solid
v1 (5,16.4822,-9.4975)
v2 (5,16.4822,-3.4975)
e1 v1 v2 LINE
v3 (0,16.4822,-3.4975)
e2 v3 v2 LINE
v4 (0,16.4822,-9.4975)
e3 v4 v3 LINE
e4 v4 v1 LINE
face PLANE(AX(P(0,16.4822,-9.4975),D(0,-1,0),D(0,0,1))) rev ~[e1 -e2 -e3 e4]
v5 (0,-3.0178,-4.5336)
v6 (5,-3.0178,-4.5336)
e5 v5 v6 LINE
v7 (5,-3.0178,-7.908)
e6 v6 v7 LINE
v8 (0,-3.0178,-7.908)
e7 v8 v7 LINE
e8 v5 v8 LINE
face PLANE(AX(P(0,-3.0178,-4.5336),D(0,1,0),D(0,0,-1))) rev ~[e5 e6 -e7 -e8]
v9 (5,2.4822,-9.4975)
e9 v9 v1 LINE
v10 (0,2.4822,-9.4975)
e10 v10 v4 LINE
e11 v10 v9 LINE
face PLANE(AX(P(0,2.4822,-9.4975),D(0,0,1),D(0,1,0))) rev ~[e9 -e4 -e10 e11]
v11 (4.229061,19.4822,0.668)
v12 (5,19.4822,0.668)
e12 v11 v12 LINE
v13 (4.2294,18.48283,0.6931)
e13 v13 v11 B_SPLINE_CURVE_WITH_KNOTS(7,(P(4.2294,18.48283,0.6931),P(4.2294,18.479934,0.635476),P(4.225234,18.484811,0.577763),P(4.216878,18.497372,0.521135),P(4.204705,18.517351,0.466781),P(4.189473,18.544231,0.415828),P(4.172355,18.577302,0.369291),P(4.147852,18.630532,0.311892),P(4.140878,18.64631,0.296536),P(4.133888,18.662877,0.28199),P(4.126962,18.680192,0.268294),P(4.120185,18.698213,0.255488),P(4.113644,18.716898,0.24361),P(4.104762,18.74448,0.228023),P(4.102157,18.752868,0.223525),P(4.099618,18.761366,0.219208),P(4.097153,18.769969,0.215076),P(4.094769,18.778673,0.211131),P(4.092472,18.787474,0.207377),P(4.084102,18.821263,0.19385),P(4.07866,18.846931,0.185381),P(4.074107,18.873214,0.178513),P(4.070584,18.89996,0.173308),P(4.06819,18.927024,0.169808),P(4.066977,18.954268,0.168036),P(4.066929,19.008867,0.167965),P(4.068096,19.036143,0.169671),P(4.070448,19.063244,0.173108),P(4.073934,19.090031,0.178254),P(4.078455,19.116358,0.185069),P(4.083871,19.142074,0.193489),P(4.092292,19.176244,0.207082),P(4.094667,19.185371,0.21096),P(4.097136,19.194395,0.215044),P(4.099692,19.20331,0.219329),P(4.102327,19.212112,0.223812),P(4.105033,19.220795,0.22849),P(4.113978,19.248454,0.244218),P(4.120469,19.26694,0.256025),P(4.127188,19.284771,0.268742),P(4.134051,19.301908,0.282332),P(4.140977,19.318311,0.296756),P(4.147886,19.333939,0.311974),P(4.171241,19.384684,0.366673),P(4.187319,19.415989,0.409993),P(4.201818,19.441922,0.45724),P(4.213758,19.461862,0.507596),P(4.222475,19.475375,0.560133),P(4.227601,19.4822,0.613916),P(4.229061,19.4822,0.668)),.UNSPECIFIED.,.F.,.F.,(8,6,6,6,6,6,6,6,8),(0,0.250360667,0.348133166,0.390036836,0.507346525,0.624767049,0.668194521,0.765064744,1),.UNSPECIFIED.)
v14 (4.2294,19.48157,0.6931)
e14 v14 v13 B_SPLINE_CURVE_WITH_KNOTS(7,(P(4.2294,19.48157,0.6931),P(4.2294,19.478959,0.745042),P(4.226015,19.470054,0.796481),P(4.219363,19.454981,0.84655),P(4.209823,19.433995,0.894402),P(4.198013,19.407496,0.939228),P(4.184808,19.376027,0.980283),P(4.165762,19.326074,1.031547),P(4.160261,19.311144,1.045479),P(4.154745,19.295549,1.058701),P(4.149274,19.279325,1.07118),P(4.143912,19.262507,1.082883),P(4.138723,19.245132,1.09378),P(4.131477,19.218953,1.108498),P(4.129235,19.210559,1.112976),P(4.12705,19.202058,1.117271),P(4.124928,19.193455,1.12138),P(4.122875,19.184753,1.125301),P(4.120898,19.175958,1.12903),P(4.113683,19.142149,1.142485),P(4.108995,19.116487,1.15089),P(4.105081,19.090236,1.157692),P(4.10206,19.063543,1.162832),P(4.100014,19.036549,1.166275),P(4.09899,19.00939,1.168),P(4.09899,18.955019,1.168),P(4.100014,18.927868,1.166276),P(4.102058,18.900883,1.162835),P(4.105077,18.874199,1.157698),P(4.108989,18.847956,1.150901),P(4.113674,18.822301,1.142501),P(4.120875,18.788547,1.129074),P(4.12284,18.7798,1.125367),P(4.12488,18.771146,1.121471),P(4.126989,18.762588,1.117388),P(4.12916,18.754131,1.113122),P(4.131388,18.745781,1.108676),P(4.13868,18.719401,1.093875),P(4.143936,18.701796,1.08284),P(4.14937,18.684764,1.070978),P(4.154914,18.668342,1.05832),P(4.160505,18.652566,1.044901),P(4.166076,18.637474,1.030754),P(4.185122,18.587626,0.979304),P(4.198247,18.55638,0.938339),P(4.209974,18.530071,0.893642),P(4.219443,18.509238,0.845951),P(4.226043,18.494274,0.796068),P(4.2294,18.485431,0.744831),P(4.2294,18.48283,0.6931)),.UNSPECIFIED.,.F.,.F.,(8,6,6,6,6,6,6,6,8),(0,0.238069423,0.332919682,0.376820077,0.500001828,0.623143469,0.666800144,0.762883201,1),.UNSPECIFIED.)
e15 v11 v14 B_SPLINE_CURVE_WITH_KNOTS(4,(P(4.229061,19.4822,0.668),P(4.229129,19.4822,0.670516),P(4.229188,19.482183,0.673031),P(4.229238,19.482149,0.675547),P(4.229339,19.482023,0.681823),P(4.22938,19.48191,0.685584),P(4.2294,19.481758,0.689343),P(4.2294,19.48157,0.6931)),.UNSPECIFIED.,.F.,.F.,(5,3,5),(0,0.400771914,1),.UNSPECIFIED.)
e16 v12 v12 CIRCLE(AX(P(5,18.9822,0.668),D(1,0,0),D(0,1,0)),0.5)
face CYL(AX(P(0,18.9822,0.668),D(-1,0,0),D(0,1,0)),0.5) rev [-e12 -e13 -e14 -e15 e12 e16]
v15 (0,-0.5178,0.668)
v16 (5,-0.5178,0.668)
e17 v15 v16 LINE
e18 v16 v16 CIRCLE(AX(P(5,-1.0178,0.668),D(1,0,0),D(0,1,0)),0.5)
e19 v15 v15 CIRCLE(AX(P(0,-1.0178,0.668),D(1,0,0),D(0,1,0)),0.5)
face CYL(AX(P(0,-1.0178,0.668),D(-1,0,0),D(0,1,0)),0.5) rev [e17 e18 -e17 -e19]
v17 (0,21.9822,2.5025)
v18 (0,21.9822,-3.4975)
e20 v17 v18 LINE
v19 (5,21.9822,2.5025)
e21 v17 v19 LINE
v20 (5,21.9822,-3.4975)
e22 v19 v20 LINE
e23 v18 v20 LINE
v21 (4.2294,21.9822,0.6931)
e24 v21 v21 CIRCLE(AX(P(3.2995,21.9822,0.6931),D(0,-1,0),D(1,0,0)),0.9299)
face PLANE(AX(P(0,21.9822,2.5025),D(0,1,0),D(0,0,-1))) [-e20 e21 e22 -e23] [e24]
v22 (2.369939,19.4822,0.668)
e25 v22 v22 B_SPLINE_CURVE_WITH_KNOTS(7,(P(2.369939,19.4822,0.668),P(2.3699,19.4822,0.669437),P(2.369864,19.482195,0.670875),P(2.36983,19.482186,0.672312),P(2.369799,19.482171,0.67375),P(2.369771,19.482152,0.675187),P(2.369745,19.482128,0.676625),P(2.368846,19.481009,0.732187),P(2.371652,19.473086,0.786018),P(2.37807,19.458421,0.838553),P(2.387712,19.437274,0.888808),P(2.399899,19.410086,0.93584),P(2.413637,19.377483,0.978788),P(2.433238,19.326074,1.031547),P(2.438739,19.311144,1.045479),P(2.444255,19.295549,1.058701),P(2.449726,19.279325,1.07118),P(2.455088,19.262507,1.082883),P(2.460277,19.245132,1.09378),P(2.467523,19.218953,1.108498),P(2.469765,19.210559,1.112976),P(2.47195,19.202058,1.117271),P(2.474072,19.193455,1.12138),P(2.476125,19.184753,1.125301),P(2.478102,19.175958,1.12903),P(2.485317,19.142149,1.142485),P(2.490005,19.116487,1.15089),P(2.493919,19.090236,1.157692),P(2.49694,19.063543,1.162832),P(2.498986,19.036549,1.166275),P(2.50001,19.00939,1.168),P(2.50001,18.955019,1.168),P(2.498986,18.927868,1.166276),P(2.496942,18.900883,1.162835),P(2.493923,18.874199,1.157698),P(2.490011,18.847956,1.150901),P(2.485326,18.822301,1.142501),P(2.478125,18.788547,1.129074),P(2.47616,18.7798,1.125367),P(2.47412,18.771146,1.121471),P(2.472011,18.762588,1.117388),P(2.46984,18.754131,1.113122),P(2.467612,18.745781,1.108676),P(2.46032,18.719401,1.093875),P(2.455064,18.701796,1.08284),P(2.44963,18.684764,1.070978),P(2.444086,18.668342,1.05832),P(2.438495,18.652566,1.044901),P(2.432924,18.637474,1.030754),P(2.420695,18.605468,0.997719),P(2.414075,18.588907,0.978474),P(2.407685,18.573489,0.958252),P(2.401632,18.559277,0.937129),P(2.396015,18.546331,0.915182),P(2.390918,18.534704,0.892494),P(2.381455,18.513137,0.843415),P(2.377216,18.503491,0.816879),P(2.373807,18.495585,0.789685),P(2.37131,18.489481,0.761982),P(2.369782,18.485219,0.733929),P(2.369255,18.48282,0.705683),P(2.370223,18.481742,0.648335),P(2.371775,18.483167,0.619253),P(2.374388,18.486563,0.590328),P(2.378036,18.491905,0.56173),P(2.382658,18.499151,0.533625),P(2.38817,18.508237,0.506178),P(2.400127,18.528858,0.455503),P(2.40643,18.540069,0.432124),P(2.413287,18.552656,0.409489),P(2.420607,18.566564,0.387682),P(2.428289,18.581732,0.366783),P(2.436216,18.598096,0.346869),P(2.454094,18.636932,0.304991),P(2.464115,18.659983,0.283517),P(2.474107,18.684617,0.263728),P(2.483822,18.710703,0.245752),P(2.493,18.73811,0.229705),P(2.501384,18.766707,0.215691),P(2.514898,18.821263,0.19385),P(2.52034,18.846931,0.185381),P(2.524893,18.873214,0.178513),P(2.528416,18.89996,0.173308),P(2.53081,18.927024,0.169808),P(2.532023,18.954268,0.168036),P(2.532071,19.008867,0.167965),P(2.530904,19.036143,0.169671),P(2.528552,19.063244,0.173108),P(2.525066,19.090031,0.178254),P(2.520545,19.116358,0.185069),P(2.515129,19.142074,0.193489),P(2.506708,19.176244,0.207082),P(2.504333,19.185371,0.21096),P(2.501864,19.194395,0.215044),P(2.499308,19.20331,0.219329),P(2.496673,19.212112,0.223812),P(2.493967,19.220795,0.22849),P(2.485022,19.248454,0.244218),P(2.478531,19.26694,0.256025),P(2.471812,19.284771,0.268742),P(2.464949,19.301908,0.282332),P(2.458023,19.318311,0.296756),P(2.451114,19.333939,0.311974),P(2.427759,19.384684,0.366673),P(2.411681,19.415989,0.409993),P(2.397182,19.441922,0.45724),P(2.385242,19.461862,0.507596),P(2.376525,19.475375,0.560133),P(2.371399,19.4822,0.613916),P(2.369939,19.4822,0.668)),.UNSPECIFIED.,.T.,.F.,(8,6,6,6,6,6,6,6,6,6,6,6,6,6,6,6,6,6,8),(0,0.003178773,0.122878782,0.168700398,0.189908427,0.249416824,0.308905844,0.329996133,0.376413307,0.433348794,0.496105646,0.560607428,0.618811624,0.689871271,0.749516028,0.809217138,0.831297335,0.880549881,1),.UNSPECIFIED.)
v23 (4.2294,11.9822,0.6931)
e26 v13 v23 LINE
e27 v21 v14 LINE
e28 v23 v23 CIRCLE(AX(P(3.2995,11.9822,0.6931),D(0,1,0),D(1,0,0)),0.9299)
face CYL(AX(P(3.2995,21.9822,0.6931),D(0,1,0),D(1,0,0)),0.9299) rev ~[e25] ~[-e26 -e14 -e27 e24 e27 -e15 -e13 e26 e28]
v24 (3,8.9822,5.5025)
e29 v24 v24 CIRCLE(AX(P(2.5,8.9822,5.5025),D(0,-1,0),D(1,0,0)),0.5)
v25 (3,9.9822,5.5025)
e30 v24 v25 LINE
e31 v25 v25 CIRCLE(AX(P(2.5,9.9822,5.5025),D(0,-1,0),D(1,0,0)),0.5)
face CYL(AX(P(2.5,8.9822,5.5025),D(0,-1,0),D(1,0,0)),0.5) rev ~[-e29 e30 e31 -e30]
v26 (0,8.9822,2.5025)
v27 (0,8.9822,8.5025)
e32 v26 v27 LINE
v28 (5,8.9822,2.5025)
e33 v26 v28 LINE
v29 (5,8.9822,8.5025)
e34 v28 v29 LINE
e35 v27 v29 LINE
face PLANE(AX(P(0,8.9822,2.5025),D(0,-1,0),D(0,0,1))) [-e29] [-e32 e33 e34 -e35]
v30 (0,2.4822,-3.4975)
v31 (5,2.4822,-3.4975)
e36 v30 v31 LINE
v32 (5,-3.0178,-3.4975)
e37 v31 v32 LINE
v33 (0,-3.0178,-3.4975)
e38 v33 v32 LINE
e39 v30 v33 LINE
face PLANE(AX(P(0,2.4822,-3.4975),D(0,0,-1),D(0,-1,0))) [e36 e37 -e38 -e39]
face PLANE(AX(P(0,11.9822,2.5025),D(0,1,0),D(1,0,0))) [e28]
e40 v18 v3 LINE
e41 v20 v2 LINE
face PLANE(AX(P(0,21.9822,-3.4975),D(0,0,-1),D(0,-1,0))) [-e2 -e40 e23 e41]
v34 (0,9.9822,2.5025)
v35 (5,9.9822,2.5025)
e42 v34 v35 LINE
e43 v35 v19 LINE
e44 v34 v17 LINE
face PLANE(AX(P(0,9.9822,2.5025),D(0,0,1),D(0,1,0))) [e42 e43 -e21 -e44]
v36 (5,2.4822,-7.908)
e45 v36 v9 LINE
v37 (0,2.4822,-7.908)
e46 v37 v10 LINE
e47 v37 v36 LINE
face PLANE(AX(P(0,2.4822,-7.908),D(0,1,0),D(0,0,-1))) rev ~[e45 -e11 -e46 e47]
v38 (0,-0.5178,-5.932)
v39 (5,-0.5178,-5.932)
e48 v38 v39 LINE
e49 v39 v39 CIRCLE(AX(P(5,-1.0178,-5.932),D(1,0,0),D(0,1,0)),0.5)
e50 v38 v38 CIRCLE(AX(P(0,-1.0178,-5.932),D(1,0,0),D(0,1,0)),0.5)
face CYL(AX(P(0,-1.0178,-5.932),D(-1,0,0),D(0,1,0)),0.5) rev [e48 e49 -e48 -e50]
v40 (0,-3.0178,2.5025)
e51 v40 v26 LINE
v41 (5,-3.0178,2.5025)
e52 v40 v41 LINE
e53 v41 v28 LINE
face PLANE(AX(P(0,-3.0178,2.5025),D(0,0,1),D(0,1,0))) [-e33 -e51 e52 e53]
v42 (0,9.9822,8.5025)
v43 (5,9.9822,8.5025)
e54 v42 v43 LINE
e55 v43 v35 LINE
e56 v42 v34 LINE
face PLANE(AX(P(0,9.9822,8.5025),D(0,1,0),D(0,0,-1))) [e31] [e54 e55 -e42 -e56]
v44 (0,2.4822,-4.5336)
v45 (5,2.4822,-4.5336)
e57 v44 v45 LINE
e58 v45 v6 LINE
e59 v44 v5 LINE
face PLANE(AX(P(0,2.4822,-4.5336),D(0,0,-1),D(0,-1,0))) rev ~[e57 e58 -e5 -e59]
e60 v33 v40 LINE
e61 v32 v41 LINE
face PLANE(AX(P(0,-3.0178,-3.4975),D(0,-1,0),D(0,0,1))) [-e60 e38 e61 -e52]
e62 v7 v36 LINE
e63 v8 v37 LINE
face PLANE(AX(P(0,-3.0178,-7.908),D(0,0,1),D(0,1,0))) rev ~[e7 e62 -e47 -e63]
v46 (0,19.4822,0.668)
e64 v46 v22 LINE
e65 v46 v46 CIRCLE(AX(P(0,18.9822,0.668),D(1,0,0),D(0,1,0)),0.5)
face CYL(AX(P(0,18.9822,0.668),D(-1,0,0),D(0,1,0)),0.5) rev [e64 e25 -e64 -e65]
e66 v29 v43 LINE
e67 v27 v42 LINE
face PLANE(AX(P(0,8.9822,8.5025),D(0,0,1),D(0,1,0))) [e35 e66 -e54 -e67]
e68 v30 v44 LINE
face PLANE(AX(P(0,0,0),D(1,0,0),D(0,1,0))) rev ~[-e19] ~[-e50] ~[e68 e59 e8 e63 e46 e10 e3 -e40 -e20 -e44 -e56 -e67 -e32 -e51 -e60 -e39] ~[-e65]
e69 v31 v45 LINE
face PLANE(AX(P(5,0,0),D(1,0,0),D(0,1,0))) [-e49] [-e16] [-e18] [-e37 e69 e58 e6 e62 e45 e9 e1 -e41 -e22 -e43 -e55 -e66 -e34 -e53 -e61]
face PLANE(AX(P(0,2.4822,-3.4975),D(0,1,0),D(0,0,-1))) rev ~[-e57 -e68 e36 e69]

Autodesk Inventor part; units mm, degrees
ref_plane "YZ Plane" through (0, 0, 0) normal (1, 0, 0) x (0, 1, 0)
ref_plane "XZ Plane" through (0, 0, 0) normal (0, 1, 0) x (-1, 0, 0)
ref_plane "XY Plane" through (0, 0, 0) normal (0, 0, 1) x (1, 0, 0)
sketch "Sketch1" plane through (0, 0, 0) normal (1, 0, 0) x (0, 1, 0)
  line L0 (-3.0178, 2.5025) -> (21.9822, 2.5025)
  line L1 (21.9822, 2.5025) -> (21.9822, -3.4975)
  line L2 (21.9822, -3.4975) -> (-3.0178, -3.4975)
  line L3 (-3.0178, -3.4975) -> (-3.0178, 2.5025)
  circle A0 centre (-1.0178, 0.668) radius 0.5
  circle A1 centre (18.9822, 0.668) radius 0.5
  line L4 (16.4822, -3.4975) -> (2.4822, -3.4975)
  line L5 (2.4822, -3.4975) -> (2.4822, -9.4975)
  line L6 (2.4822, -9.4975) -> (16.4822, -9.4975)
  line L7 (9.9822, 2.5025) -> (8.9822, 2.5025)
  line L8 (8.9822, 2.5025) -> (8.9822, 8.5025)
  line L9 (8.9822, 8.5025) -> (9.9822, 8.5025)
  line L10 (9.9822, 8.5025) -> (9.9822, 2.5025)
  line L11 (16.4822, -9.4975) -> (16.4822, -3.4975)
  circle A2 centre (-1.0178, -5.932) radius 0.5
  line L12 (2.4822, -4.5336) -> (-3.0178, -4.5336)
  line L13 (-3.0178, -4.5336) -> (-3.0178, -7.908)
  line L14 (-3.0178, -7.908) -> (2.4822, -7.908)
  line L15 (2.4822, -7.908) -> (2.4822, -4.5336)
  point P0 (0, 0)
  dimension "d0" = 25
  dimension "d1" = 6
  dimension "d2" = 1
  dimension "d3" = 1
  dimension "d4" = 20
  dimension "d5" = 14
  dimension "d6" = 6
  dimension "d8" = 1
  dimension "d9" = 6
  dimension "d10" = 10
  dimension "d13" = 2
  dimension "d18" = 3
  dimension "d19" = 5.5
  dimension "d20" = 1
  dimension "d21" = 6.6
extrude "Extrusion1" add sketch "Sketch1" along normal blind 5
sketch "Sketch2" plane through (0, 8.9822, 2.5025) normal (0, -1, 0) x (1, 0, 0)
  line L0 (0, 6) -> (0, 0) projected
  line L1 (0, 0) -> (5, 0) projected
  line L2 (5, 6) -> (5, 0) projected
  line L3 (0, 6) -> (5, 6) projected
  circle A0 centre (2.5, 3) radius 0.5
  point P0 (0, -2.5025)
  dimension "d14" = 1
extrude "Extrusion2" cut sketch "Sketch2" against normal blind 5 contours A0
sketch "Skizze3" plane through (0, 21.9822, 2.5025) normal (0, 1, 0) x (1, 0, 0)
  line L0 (0, 0) -> (0, 6) projected
  line L1 (0, 0) -> (5, 0) projected
  line L2 (5, 6) -> (5, 0) projected
  line L3 (0, 6) -> (5, 6) projected
  line L4 (0, 2.3346) -> (5, 2.3346) projected
  line L5 (0, 1.3346) -> (5, 1.3346) projected
  circle A0 centre (3.2995, 1.8094) radius 0.9299
  point P0 (0, 2.5025)
extrude "Extrusion3" cut sketch "Skizze3" against normal blind 10 contours A0 L4 L5 | L5 A0 | A0 L4
properties part number "00_Microlinearmotor"
